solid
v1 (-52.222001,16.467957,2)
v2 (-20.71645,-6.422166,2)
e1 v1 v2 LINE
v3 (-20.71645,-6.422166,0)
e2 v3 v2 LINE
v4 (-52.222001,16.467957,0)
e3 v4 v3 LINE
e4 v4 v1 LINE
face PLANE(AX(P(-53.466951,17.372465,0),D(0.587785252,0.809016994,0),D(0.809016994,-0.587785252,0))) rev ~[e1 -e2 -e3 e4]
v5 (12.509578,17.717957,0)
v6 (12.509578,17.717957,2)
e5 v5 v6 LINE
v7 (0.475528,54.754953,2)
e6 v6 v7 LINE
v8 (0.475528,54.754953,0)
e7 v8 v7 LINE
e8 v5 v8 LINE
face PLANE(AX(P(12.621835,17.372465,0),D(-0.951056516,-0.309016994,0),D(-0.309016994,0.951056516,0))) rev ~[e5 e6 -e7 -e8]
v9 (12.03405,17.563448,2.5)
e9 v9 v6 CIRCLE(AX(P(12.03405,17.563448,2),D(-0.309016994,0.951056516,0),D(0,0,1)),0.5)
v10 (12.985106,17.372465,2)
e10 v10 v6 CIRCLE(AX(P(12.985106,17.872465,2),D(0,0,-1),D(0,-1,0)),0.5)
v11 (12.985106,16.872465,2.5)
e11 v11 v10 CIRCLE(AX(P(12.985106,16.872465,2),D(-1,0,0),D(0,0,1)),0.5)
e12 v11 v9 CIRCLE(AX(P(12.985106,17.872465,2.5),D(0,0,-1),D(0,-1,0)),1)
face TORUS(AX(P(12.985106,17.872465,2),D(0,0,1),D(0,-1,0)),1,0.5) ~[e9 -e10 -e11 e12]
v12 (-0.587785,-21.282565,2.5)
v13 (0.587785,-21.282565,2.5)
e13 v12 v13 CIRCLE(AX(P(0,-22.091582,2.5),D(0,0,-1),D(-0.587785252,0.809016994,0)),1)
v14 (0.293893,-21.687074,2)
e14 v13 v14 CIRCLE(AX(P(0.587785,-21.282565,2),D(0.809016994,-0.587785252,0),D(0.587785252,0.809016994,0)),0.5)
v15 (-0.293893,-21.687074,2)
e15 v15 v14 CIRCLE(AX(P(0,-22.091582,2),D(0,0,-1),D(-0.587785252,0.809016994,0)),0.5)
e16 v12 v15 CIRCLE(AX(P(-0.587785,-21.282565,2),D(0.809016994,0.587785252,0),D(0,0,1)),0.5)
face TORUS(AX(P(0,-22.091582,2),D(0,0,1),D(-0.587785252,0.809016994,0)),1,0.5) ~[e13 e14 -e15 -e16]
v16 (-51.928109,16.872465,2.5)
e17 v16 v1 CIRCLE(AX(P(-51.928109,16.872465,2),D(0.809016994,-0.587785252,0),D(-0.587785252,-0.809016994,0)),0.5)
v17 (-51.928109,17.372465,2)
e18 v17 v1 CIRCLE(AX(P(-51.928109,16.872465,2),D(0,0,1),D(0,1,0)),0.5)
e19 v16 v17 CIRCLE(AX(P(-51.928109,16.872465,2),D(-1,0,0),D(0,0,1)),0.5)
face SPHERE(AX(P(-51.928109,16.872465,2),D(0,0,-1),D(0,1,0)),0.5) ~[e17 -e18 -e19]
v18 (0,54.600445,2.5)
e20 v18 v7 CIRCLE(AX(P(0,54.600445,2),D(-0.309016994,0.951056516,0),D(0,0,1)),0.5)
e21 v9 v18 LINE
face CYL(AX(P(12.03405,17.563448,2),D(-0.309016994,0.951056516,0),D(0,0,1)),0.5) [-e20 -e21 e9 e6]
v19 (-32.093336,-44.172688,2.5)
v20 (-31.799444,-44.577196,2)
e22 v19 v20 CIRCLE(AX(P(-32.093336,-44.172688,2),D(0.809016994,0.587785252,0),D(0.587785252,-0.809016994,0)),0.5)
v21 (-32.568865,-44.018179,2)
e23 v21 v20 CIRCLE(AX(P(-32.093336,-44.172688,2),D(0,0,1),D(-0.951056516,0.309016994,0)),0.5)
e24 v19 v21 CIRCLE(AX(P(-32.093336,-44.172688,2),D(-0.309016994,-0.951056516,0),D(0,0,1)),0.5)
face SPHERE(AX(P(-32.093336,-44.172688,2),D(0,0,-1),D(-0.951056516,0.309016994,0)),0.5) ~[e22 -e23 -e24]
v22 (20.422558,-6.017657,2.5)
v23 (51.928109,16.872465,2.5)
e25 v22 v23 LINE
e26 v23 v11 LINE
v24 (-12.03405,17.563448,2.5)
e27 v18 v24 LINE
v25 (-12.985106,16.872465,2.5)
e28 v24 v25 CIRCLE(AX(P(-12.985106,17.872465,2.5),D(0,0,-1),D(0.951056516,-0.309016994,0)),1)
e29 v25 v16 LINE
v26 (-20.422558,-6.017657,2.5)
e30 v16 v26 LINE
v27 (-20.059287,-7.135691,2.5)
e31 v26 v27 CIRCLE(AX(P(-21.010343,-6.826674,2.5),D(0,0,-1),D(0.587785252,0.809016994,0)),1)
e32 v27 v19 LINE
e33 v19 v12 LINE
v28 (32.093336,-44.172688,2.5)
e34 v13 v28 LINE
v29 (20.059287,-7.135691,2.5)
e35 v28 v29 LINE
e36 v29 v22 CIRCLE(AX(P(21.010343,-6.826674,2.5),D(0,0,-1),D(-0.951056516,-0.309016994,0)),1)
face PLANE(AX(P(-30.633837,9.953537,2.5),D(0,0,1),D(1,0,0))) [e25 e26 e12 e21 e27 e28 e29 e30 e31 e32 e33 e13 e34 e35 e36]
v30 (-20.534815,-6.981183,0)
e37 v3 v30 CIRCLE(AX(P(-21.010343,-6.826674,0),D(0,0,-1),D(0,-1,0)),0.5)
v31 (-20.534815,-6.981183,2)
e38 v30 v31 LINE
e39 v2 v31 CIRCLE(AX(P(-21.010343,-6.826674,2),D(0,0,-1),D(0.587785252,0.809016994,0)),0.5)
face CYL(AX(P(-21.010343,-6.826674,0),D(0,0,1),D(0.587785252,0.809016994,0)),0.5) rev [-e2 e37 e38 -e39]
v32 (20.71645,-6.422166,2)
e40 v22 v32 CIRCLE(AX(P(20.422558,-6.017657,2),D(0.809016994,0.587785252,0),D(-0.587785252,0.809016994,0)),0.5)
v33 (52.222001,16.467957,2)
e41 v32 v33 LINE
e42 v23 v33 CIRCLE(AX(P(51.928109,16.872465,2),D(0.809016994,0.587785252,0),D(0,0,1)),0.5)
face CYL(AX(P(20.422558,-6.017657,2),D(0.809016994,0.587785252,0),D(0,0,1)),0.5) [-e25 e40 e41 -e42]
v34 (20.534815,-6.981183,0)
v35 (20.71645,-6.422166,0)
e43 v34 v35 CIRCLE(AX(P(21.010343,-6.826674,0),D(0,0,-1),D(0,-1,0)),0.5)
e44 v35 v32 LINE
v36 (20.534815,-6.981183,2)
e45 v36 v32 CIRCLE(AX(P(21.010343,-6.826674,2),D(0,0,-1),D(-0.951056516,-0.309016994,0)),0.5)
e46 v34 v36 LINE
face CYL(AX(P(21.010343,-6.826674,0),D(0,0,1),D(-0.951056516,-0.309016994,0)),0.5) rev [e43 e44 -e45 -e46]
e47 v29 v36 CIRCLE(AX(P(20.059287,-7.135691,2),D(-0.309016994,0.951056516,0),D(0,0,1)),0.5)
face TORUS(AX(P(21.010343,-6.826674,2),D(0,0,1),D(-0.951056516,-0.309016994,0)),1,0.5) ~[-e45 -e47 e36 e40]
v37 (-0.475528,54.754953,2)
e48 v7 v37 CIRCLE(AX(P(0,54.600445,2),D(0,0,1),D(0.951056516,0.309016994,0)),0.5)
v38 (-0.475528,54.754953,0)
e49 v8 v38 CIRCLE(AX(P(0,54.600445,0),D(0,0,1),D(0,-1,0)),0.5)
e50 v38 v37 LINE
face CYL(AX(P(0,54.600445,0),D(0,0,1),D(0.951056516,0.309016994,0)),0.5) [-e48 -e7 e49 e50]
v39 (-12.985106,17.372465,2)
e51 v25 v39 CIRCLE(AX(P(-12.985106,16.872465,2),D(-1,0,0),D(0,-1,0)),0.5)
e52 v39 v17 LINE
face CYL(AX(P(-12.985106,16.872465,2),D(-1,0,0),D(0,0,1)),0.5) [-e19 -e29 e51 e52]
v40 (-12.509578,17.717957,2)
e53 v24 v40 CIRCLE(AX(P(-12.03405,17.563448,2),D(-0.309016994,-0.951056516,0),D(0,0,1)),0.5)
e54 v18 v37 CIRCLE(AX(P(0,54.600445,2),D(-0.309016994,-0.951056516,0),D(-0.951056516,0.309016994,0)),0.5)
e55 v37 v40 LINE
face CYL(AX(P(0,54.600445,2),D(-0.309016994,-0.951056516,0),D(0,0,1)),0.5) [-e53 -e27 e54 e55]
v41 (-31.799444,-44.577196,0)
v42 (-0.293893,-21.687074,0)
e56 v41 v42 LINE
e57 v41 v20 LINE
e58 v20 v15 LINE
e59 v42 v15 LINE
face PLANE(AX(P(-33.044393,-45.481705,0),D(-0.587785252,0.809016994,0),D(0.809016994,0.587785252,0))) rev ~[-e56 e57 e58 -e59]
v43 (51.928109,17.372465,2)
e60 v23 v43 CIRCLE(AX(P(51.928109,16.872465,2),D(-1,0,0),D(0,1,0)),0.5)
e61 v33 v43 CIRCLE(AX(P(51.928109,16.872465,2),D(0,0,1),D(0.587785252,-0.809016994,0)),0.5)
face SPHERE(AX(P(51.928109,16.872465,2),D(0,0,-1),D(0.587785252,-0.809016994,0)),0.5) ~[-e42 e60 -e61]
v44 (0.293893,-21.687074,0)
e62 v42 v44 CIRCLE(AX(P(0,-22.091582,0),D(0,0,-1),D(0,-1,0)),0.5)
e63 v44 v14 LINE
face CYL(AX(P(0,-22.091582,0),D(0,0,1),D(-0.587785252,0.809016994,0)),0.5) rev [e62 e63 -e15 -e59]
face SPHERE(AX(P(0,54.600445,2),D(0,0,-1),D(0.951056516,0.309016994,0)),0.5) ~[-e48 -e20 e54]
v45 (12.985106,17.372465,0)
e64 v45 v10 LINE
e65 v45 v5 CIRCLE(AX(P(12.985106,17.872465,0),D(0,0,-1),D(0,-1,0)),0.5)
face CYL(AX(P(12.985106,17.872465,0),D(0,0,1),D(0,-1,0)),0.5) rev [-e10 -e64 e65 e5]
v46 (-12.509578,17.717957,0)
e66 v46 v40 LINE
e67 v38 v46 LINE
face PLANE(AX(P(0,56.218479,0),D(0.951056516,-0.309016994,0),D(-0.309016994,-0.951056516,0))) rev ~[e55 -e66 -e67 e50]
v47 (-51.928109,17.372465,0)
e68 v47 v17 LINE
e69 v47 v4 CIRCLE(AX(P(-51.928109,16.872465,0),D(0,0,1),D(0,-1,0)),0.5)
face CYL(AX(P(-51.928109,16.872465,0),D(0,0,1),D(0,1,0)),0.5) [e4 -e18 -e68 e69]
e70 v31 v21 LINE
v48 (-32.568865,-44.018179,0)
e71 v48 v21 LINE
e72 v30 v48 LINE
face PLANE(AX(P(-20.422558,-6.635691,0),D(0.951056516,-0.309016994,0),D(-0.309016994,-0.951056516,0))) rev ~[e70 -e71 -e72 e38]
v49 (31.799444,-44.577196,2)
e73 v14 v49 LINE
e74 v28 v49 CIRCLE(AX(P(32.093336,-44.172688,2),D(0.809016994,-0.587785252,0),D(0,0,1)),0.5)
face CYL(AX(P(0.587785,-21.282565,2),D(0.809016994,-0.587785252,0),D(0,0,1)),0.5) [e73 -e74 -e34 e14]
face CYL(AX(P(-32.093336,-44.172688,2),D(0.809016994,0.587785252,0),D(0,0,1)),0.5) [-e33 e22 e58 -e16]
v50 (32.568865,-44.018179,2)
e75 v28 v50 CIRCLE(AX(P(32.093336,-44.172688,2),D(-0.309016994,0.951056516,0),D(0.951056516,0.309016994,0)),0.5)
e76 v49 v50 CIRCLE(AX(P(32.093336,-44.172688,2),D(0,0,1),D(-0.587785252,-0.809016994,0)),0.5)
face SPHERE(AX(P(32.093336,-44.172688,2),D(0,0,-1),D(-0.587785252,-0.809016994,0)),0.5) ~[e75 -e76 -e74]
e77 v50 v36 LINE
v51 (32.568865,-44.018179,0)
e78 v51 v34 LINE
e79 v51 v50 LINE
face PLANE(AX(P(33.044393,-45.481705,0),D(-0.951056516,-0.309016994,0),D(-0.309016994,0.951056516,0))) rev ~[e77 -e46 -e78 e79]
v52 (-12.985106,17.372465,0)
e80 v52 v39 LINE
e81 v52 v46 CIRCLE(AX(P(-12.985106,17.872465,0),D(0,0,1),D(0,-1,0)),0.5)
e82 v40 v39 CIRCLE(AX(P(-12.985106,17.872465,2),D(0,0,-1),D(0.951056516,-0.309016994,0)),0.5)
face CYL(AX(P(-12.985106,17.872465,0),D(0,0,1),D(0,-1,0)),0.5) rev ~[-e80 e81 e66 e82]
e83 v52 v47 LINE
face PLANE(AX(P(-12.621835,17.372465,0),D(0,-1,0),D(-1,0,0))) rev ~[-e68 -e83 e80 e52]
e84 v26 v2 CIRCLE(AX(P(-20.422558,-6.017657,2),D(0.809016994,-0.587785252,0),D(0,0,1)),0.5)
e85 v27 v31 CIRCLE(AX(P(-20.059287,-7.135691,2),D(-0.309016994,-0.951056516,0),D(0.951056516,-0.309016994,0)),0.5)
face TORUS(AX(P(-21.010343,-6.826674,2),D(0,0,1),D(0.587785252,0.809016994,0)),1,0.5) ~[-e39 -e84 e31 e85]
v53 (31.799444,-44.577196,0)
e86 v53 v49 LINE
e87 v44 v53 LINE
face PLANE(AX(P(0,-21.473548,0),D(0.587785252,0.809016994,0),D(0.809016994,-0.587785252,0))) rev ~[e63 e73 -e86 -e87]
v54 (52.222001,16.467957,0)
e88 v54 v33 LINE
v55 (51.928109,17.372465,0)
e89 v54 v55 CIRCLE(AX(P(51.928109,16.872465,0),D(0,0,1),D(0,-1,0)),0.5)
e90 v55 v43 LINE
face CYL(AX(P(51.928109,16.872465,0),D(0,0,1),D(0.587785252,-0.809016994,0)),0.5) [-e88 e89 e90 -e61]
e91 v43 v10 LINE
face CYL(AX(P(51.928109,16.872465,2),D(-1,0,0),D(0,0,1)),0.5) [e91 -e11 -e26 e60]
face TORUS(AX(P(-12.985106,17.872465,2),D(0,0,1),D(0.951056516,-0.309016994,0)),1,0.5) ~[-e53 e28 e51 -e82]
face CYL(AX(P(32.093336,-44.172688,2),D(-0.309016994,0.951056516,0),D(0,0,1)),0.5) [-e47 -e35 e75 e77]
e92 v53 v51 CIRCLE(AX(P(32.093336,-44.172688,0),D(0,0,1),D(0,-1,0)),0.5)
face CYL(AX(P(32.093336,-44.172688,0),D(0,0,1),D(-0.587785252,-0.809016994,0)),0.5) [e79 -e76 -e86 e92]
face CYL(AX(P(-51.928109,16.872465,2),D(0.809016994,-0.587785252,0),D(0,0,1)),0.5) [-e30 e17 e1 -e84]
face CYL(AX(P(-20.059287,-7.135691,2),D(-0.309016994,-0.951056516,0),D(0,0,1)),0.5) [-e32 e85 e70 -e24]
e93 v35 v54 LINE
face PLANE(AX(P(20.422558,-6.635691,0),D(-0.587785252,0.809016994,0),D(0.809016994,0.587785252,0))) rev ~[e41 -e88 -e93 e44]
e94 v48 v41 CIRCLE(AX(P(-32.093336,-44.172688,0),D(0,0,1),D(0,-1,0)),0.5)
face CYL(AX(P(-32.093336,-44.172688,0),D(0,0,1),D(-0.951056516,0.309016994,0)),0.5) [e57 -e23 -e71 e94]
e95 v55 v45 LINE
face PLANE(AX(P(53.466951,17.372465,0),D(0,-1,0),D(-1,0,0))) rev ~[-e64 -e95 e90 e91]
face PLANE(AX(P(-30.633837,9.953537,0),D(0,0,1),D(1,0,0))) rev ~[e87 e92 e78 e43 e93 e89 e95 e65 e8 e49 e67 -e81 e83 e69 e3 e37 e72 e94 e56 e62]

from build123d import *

# Parameters (mm, degrees)
F1_DEPTH = 2.5
F2_R     = 0.5
F3_R     = 0.5


with BuildPart() as f1:
    # F0 (on Top) → F1 (new body)
    with BuildSketch(Plane.XY):
        Polygon((-20.4225578644, -6.6356912976), (-12.6218348974, 17.372465356), (-53.4669506262, 17.372465356), align=None)
        Polygon((12.6218348974, 17.372465356), (0, 56.2184788287), (-12.6218348974, 17.372465356), align=None)
        Polygon((12.6218348974, 17.372465356), (-12.6218348974, 17.372465356), (-20.4225578644, -6.6356912976), (0, -21.4735481167), (20.4225578644, -6.6356912976), align=None)
        Polygon((53.4669506262, 17.372465356), (12.6218348974, 17.372465356), (20.4225578644, -6.6356912976), align=None)
        Polygon((33.0443927618, -45.4817047703), (20.4225578644, -6.6356912976), (0, -21.4735481167), align=None)
        Polygon((0, -21.4735481167), (-20.4225578644, -6.6356912976), (-33.0443927618, -45.4817047703), align=None)
    extrude(amount=F1_DEPTH)

    # F2
    f2_edges = [f1.edges().sort_by_distance(p)[0] for p in [
        (0, 56.218479, 1.25),
        (-53.466951, 17.372465, 1.25),
        (-33.044393, -45.481705, 1.25),
        (33.044393, -45.481705, 1.25),
        (53.466951, 17.372465, 1.25),
        (-20.422558, -6.635691, 1.25),
        (-12.621835, 17.372465, 1.25),
        (12.621835, 17.372465, 1.25),
        (20.422558, -6.635691, 1.25),
        (0, -21.473548, 1.25),
    ]]
    fillet(f2_edges, radius=F2_R)

    # F3
    f3_edges = [f1.edges().sort_by_distance(p)[0] for p in [
        (6.492553, 36.236455, 2.5),
        (-6.492553, 36.236455, 2.5),
        (32.456608, 17.372465, 2.5),
        (36.469226, 5.022896, 2.5),
        (26.55184, -25.499681, 2.5),
        (16.046668, -33.132135, 2.5),
        (-16.046668, -33.132135, 2.5),
        (-26.55184, -25.499681, 2.5),
        (-36.469226, 5.022896, 2.5),
        (-32.456608, 17.372465, 2.5),
        (-32.387229, -44.577196, 2.5),
        (32.387229, -44.577196, 2.5),
        (52.403637, 17.026974, 2.5),
        (0, 55.100445, 2.5),
        (-52.403637, 17.026974, 2.5),
    ]]
    fillet(f3_edges, radius=F3_R)


solid = f1.part
